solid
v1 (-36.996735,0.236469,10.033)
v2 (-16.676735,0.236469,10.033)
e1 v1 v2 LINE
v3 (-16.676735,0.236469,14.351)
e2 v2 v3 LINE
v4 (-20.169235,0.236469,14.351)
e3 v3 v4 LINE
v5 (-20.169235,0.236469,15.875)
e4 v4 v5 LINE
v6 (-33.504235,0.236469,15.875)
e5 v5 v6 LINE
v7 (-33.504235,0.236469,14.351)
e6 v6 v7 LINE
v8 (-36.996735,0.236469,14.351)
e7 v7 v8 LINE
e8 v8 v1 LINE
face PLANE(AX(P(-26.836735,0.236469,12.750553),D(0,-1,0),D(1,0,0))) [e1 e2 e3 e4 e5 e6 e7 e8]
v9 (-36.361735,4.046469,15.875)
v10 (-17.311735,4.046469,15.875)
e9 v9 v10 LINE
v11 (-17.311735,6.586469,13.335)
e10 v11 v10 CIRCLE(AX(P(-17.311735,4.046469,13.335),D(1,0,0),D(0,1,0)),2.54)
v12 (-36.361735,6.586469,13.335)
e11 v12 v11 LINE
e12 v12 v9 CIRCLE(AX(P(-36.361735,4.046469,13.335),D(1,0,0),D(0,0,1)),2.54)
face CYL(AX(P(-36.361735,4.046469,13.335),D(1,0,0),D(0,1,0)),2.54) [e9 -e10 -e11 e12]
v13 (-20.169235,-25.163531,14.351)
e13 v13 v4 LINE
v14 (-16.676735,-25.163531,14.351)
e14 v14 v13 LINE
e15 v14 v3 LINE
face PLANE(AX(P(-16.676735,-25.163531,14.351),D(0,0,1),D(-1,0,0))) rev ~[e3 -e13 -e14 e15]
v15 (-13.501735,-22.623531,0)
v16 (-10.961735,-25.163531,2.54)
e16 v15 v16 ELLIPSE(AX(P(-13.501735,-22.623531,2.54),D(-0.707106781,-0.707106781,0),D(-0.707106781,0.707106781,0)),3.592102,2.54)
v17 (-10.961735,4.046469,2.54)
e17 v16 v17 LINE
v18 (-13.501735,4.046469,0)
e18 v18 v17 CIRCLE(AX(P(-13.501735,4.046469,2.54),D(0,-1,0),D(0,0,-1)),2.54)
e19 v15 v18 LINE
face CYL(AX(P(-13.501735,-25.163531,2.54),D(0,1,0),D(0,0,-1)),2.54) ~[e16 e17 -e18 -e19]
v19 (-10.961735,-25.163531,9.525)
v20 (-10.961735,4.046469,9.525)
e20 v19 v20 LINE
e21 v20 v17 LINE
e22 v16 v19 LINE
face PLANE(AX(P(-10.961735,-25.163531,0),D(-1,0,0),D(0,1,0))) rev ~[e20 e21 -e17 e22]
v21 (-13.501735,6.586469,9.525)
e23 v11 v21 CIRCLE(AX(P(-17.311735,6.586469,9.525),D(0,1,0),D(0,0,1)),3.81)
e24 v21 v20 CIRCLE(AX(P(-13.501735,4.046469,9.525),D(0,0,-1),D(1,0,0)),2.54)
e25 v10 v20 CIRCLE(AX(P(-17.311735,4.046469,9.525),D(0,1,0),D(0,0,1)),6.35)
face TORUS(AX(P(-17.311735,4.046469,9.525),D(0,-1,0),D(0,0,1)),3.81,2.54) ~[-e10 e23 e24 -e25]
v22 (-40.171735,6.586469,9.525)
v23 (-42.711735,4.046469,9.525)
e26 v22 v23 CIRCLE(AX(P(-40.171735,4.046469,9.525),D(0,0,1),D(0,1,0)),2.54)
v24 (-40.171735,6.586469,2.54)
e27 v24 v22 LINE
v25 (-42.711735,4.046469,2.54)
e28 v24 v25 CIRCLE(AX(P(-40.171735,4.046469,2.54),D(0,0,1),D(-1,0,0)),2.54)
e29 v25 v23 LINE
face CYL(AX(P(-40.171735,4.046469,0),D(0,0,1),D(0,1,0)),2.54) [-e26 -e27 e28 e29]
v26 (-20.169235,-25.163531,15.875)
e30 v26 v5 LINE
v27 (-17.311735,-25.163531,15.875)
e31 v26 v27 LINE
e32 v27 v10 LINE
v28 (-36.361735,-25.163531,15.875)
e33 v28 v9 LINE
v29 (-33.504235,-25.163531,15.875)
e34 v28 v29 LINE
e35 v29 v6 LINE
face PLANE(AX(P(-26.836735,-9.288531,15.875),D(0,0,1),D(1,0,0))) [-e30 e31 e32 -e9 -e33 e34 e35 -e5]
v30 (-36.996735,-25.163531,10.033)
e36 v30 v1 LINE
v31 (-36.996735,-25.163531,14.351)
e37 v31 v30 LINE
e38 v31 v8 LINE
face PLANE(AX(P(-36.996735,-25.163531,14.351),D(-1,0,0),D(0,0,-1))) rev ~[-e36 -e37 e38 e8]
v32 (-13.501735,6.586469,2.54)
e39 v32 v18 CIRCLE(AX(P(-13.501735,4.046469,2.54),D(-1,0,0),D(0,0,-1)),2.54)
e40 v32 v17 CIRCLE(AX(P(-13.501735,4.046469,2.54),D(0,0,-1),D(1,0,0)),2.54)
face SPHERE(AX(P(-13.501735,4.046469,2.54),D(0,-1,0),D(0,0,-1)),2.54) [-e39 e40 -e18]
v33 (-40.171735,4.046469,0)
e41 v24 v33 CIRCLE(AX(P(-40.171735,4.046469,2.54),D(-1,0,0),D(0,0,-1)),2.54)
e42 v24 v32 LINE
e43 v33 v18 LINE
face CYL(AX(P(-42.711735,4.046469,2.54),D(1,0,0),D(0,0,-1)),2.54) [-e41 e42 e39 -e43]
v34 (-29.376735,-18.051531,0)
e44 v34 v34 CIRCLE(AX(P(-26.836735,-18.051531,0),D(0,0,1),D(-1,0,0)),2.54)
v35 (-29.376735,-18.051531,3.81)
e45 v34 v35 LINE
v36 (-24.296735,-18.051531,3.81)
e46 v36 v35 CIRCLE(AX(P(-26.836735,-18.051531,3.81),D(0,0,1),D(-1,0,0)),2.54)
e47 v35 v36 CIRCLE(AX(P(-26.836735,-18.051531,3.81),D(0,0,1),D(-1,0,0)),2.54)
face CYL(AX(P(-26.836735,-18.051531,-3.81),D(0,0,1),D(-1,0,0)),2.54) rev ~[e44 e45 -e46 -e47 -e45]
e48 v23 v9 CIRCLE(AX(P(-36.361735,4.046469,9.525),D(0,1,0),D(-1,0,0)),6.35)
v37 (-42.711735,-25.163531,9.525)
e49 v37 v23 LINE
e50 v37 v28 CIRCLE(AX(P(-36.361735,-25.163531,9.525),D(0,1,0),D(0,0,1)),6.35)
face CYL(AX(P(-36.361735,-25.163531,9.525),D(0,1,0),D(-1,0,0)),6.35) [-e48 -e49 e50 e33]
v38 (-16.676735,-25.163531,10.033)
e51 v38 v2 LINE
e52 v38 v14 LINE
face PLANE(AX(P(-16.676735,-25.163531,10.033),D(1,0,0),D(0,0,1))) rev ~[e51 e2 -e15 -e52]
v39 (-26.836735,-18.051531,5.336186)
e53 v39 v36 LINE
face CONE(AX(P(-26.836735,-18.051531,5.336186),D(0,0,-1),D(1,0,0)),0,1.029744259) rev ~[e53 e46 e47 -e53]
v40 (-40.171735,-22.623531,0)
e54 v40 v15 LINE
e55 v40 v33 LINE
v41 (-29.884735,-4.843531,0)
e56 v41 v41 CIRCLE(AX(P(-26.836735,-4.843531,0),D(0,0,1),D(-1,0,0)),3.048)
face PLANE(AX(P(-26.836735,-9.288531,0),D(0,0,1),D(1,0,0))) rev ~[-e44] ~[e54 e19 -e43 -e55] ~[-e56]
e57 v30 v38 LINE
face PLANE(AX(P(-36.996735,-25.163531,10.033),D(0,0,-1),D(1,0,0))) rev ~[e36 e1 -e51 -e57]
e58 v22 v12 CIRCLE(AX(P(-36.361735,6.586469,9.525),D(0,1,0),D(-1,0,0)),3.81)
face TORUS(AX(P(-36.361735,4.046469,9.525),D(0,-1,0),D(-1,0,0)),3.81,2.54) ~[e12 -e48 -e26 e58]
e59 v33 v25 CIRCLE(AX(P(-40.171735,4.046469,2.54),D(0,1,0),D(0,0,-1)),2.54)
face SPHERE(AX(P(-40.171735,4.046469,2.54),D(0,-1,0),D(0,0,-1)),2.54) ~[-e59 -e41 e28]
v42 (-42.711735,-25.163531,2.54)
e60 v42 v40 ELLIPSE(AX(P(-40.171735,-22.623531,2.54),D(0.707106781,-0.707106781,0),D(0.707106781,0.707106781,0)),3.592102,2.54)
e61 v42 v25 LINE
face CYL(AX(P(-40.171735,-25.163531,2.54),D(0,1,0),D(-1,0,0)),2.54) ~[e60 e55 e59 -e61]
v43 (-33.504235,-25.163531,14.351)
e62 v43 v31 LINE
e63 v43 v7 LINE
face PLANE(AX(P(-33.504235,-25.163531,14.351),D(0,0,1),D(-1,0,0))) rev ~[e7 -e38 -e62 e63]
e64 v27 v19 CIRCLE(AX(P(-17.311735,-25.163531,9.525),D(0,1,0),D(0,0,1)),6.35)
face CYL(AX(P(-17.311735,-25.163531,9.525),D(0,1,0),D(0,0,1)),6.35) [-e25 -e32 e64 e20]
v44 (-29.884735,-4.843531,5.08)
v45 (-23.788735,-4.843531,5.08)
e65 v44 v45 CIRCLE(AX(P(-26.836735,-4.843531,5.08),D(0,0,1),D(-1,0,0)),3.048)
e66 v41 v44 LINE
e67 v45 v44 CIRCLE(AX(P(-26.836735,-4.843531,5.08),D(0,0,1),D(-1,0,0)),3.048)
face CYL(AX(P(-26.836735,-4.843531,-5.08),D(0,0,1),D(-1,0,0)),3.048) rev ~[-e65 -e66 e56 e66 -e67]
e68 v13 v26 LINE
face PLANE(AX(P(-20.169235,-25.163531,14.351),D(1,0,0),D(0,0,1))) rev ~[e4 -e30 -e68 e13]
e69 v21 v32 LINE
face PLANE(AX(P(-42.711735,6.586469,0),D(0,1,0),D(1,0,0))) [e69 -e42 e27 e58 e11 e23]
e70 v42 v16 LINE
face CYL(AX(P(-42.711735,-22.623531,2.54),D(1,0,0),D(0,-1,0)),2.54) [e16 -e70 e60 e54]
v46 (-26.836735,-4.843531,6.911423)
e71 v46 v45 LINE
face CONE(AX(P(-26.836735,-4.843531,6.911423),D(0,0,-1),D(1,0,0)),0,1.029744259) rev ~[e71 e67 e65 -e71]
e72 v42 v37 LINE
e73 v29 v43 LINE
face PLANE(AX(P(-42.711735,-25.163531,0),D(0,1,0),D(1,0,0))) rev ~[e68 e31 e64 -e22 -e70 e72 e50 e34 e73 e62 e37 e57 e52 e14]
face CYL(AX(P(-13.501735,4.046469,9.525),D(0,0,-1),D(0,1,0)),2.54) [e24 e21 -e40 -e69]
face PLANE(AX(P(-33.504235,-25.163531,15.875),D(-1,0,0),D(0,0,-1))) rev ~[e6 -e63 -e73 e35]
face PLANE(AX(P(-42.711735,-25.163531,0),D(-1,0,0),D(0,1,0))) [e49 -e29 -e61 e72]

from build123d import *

# Parameters (mm, degrees)
F0_W     = 31.75
F0_H     = 31.75
F1_DEPTH = 15.875
F3_DEPTH = 25.4
F5_D     = 5.08
F5_DEPTH = 3.81
F5_TIP   = 1.5261859723
F7_D     = 6.096
F7_DEPTH = 5.08
F7_TIP   = 1.8314231668
F8_R     = 6.35
F9_R     = 2.54


with BuildPart() as f1:
    # F0 (on Top) → F1 (new body)
    with BuildSketch(Plane.XY):
        with Locations((-26.8367353499, -9.2885306659)):
            Rectangle(F0_W, F0_H)
    extrude(amount=F1_DEPTH)

    # F2 (on face) → F3 (cut)
    with BuildSketch(Plane.XZ.offset(25.1635306659)):
        Polygon((-20.1692353499, 15.875), (-33.5042353499, 15.875), (-33.5042353499, 14.351), (-36.9967353499, 14.351), (-36.9967353499, 10.033), (-16.6767353499, 10.033), (-16.6767353499, 14.351), (-20.1692353499, 14.351), align=None)
    extrude(amount=-F3_DEPTH, mode=Mode.SUBTRACT)

    # F5
    with Locations(Plane(origin=(0, 0, 0), x_dir=(1, 0, 0), z_dir=(0, 0, -1))):
        with Locations((-26.8367353499, 18.0515306659)):
            Hole(F5_D / 2, depth=F5_DEPTH)
            with Locations((0, 0, -(F5_DEPTH + F5_TIP / 2))):  # 118° drill point
                Cone(0, F5_D / 2, F5_TIP, mode=Mode.SUBTRACT)

    # F7
    with Locations(Plane(origin=(0, 0, 0), x_dir=(1, 0, 0), z_dir=(0, 0, -1))):
        with Locations((-26.8367353499, 4.8435306659)):
            Hole(F7_D / 2, depth=F7_DEPTH)
            with Locations((0, 0, -(F7_DEPTH + F7_TIP / 2))):  # 118° drill point
                Cone(0, F7_D / 2, F7_TIP, mode=Mode.SUBTRACT)

    # F8
    f8_edges = [f1.edges().sort_by_distance(p)[0] for p in [
        (-42.711735, -9.288531, 15.875),
        (-10.961735, -9.288531, 15.875),
    ]]
    fillet(f8_edges, radius=F8_R)

    # F9
    f9_edges = [f1.edges().sort_by_distance(p)[0] for p in [
        (-42.711735, -9.288531, 0),
        (-10.961735, -9.288531, 0),
        (-26.836735, -25.163531, 0),
        (-26.836735, 6.586469, 0),
        (-26.836735, 6.586469, 15.875),
    ]]
    fillet(f9_edges, radius=F9_R)


solid = f1.part
